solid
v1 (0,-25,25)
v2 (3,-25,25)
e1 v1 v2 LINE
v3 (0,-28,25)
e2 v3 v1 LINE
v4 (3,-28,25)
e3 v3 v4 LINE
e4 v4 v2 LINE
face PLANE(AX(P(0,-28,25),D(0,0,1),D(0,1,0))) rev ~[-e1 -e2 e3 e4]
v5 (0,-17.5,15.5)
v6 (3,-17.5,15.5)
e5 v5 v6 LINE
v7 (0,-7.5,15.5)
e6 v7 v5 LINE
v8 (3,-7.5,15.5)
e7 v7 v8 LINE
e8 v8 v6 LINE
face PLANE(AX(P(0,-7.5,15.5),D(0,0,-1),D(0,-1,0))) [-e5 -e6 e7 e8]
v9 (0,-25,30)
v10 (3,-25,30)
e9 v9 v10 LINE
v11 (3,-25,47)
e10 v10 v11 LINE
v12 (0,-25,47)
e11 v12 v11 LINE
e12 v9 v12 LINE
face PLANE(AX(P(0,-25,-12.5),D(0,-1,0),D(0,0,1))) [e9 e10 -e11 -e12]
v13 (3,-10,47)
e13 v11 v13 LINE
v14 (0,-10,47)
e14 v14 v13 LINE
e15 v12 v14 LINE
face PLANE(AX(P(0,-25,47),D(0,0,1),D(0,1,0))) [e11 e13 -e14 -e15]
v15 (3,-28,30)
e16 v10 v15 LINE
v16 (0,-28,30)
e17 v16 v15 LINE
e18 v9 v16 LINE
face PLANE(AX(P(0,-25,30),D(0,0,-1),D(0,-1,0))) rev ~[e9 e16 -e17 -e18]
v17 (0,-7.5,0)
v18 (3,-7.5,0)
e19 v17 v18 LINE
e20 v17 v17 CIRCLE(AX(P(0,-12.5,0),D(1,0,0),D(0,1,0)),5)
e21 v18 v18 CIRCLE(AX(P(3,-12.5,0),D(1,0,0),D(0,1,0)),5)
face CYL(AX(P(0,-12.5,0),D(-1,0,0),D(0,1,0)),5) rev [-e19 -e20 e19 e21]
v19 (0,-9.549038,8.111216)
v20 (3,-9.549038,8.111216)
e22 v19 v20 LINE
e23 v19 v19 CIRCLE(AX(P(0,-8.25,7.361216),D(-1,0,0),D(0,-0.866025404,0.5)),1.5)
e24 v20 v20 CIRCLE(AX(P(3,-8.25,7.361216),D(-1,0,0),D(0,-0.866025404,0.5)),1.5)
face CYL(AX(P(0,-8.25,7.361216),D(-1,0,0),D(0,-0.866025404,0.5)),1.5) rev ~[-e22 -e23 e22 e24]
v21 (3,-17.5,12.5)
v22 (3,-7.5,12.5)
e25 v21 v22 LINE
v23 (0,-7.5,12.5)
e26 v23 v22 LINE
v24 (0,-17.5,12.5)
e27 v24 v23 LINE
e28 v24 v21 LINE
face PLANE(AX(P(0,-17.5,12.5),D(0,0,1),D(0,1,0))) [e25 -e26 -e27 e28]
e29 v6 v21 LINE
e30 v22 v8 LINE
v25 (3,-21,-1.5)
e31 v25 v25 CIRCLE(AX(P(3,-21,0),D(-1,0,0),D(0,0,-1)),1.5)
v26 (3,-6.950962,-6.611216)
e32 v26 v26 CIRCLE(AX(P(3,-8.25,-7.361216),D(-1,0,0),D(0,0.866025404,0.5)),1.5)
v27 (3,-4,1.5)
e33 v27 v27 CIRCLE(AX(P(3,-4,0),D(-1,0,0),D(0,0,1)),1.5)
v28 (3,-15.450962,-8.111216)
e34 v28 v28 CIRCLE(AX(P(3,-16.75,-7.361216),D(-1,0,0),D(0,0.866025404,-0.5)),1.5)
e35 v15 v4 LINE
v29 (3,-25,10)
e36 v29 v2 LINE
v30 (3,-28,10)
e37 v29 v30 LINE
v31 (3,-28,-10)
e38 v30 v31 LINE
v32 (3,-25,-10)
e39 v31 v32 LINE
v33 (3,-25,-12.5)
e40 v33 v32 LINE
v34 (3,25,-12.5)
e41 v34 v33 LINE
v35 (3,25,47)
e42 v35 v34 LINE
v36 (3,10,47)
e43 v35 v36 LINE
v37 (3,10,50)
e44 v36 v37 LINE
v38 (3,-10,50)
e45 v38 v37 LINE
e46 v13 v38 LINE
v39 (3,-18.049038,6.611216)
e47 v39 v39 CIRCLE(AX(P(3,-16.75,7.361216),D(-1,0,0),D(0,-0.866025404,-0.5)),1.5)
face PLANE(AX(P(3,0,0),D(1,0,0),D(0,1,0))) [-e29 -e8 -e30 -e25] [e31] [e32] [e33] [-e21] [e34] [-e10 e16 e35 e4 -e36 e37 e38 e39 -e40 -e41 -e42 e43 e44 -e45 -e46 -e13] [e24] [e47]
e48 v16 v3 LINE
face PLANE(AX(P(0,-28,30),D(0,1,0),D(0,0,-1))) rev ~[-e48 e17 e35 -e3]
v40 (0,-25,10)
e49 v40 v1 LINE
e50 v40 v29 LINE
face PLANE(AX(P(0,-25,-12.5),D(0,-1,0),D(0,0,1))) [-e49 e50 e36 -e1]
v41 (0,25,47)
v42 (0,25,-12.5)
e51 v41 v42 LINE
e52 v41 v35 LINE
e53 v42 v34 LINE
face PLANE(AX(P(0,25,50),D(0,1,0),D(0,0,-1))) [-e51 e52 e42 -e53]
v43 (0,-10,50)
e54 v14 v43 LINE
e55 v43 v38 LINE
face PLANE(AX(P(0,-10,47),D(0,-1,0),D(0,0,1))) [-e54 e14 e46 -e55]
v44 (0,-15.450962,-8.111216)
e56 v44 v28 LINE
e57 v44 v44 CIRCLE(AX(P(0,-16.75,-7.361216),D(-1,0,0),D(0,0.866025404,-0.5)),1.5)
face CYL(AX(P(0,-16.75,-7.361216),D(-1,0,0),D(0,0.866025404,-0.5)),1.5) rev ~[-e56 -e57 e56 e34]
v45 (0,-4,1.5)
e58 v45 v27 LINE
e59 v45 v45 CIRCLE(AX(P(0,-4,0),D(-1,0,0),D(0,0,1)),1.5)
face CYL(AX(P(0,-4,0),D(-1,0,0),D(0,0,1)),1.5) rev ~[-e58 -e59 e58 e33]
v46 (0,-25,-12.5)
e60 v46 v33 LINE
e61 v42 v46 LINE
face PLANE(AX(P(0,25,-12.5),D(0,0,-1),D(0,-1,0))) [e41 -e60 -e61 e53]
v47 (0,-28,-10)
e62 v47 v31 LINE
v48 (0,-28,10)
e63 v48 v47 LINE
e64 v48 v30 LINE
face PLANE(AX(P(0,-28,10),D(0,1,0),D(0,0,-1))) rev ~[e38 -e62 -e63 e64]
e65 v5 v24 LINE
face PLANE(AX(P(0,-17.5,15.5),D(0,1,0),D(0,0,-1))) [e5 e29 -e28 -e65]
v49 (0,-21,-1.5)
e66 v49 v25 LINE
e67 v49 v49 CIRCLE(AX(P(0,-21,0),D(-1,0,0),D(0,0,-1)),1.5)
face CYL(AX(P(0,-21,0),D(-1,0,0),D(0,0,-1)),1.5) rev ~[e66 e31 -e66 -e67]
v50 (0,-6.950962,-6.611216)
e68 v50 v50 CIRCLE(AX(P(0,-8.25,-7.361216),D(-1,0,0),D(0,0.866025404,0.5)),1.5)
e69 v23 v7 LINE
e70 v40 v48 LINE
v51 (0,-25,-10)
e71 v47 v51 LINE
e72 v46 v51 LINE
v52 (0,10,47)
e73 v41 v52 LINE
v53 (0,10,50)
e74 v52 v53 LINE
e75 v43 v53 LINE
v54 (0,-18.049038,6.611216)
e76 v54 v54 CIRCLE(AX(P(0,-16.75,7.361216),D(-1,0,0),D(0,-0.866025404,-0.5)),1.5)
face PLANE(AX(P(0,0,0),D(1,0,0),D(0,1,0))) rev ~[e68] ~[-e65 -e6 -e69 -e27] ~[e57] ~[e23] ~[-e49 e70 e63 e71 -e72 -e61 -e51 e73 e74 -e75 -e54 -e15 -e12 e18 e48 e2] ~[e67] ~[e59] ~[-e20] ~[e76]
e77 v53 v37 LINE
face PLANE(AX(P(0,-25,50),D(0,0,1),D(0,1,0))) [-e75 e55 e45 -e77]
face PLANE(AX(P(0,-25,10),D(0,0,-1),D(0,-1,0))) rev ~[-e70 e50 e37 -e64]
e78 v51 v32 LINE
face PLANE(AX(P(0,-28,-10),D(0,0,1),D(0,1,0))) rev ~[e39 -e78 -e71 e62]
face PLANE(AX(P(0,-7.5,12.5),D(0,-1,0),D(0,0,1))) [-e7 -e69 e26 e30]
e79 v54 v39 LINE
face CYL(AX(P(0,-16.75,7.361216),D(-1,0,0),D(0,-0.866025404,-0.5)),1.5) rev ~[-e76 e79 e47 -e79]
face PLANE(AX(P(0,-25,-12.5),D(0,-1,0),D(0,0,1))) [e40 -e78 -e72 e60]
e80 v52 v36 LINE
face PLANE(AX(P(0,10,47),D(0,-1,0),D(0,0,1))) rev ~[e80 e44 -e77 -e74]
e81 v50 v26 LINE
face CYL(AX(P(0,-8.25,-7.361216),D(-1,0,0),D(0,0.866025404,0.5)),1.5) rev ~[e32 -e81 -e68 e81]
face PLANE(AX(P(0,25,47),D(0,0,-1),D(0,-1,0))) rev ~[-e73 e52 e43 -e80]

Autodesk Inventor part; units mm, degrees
ref_plane "YZ Plane" through (0, 0, 0) normal (1, 0, 0) x (0, 1, 0)
ref_plane "XZ Plane" through (0, 0, 0) normal (0, 1, 0) x (-1, 0, 0)
ref_plane "XY Plane" through (0, 0, 0) normal (0, 0, 1) x (1, 0, 0)
sketch "Sketch1" plane through (0, 0, 0) normal (1, 0, 0) x (0, 1, 0)
  line L0 (25, -12.5) -> (-25, -12.5)
  line L1 (-25, -12.5) -> (-25, 50)
  line L2 (-25, 50) -> (25, 50)
  line L3 (25, 50) -> (25, -12.5)
  circle A0 centre (-12.5, 0) radius 12.5 construction
  circle A1 centre (-12.5, 0) radius 5
  point P0 (0, 0)
  point P1 (0, -12.5)
  dimension "d0" = 50
  dimension "d1" = 50
  dimension "d2" = 25
  dimension "d3" = 12.5
  dimension "d4" = 10
extrude "Extrusion1" add sketch "Sketch1" along normal blind 3
sketch "Sketch2" plane through (0, 0, 0) normal (-1, 0, 0) x (0, 0, 1)
  line L0 (-10, -25) -> (10, -25)
  line L1 (10, -25) -> (10, -28)
  line L2 (10, -28) -> (-10, -28)
  line L3 (-10, -28) -> (-10, -25)
  line L4 (50, -25) -> (-12.5, -25) projected
  line L5 (25, -25) -> (30, -25)
  line L6 (30, -25) -> (30, -28)
  line L7 (30, -28) -> (25, -28)
  line L8 (25, -28) -> (25, -25)
  point P0 (0, 0)
  point P1 (0, -28)
  dimension "d7" = 20
  dimension "d8" = 3
  dimension "d9" = 5
  dimension "d10" = 3
  dimension "d11" = 15
extrude "Extrusion2" add sketch "Sketch2" against normal blind 3
sketch "Sketch3" plane through (0, 0, 0) normal (-1, 0, 0) x (0, 0, 1)
  line L0 (50, -25) -> (47, -25)
  line L1 (47, -25) -> (47, -10)
  line L2 (47, -10) -> (50, -10)
  line L3 (50, -10) -> (50, -25)
  line L4 (50, 25) -> (47, 25)
  line L5 (47, 25) -> (47, 10)
  line L6 (47, 10) -> (50, 10)
  line L7 (50, 10) -> (50, 25)
  point P0 (0, 0)
  dimension "d14" = 20
  dimension "d15" = 10
  dimension "d16" = 3
extrude "Extrusion3" cut sketch "Sketch3" against normal blind 3
sketch "Sketch4" plane through (0, 0, 0) normal (-1, 0, 0) x (0, 0, 1)
  circle A0 centre (0, -12.5) radius 5 projected
  circle A1 centre (0, -4) radius 1.5
  point P0 (0, 0)
  dimension "d19" = 3
  dimension "d20" = 8.5
extrude "Extrusion4" cut sketch "Sketch4" against normal blind 3 contours A1
pattern_circular "Circular Pattern1" count 6 over 360 about axis through (0, -12.5, 0) along (1, 0, 0) of "Extrusion4"
sketch "Sketch5" plane through (0, 0, 0) normal (-1, 0, 0) x (0, 0, 1)
  circle A0 centre (0, -12.5) radius 5 projected
  circle A1 centre (0, -12.5) radius 12.5 construction
  line L0 (12.5, -7.5) -> (15.5, -7.5)
  line L1 (15.5, -7.5) -> (15.5, -17.5)
  line L2 (15.5, -17.5) -> (12.5, -17.5)
  line L3 (12.5, -17.5) -> (12.5, -7.5)
  point P0 (0, 0)
  point P1 (12.5, -12.5)
  dimension "d26" = 25
  dimension "d27" = 3
  dimension "d28" = 10
extrude "Extrusion5" cut sketch "Sketch5" against normal blind 3 contours L0 L1 L2 L3
equation "\"d15\" = 0.5 * d14"
properties part number "Motor support"
